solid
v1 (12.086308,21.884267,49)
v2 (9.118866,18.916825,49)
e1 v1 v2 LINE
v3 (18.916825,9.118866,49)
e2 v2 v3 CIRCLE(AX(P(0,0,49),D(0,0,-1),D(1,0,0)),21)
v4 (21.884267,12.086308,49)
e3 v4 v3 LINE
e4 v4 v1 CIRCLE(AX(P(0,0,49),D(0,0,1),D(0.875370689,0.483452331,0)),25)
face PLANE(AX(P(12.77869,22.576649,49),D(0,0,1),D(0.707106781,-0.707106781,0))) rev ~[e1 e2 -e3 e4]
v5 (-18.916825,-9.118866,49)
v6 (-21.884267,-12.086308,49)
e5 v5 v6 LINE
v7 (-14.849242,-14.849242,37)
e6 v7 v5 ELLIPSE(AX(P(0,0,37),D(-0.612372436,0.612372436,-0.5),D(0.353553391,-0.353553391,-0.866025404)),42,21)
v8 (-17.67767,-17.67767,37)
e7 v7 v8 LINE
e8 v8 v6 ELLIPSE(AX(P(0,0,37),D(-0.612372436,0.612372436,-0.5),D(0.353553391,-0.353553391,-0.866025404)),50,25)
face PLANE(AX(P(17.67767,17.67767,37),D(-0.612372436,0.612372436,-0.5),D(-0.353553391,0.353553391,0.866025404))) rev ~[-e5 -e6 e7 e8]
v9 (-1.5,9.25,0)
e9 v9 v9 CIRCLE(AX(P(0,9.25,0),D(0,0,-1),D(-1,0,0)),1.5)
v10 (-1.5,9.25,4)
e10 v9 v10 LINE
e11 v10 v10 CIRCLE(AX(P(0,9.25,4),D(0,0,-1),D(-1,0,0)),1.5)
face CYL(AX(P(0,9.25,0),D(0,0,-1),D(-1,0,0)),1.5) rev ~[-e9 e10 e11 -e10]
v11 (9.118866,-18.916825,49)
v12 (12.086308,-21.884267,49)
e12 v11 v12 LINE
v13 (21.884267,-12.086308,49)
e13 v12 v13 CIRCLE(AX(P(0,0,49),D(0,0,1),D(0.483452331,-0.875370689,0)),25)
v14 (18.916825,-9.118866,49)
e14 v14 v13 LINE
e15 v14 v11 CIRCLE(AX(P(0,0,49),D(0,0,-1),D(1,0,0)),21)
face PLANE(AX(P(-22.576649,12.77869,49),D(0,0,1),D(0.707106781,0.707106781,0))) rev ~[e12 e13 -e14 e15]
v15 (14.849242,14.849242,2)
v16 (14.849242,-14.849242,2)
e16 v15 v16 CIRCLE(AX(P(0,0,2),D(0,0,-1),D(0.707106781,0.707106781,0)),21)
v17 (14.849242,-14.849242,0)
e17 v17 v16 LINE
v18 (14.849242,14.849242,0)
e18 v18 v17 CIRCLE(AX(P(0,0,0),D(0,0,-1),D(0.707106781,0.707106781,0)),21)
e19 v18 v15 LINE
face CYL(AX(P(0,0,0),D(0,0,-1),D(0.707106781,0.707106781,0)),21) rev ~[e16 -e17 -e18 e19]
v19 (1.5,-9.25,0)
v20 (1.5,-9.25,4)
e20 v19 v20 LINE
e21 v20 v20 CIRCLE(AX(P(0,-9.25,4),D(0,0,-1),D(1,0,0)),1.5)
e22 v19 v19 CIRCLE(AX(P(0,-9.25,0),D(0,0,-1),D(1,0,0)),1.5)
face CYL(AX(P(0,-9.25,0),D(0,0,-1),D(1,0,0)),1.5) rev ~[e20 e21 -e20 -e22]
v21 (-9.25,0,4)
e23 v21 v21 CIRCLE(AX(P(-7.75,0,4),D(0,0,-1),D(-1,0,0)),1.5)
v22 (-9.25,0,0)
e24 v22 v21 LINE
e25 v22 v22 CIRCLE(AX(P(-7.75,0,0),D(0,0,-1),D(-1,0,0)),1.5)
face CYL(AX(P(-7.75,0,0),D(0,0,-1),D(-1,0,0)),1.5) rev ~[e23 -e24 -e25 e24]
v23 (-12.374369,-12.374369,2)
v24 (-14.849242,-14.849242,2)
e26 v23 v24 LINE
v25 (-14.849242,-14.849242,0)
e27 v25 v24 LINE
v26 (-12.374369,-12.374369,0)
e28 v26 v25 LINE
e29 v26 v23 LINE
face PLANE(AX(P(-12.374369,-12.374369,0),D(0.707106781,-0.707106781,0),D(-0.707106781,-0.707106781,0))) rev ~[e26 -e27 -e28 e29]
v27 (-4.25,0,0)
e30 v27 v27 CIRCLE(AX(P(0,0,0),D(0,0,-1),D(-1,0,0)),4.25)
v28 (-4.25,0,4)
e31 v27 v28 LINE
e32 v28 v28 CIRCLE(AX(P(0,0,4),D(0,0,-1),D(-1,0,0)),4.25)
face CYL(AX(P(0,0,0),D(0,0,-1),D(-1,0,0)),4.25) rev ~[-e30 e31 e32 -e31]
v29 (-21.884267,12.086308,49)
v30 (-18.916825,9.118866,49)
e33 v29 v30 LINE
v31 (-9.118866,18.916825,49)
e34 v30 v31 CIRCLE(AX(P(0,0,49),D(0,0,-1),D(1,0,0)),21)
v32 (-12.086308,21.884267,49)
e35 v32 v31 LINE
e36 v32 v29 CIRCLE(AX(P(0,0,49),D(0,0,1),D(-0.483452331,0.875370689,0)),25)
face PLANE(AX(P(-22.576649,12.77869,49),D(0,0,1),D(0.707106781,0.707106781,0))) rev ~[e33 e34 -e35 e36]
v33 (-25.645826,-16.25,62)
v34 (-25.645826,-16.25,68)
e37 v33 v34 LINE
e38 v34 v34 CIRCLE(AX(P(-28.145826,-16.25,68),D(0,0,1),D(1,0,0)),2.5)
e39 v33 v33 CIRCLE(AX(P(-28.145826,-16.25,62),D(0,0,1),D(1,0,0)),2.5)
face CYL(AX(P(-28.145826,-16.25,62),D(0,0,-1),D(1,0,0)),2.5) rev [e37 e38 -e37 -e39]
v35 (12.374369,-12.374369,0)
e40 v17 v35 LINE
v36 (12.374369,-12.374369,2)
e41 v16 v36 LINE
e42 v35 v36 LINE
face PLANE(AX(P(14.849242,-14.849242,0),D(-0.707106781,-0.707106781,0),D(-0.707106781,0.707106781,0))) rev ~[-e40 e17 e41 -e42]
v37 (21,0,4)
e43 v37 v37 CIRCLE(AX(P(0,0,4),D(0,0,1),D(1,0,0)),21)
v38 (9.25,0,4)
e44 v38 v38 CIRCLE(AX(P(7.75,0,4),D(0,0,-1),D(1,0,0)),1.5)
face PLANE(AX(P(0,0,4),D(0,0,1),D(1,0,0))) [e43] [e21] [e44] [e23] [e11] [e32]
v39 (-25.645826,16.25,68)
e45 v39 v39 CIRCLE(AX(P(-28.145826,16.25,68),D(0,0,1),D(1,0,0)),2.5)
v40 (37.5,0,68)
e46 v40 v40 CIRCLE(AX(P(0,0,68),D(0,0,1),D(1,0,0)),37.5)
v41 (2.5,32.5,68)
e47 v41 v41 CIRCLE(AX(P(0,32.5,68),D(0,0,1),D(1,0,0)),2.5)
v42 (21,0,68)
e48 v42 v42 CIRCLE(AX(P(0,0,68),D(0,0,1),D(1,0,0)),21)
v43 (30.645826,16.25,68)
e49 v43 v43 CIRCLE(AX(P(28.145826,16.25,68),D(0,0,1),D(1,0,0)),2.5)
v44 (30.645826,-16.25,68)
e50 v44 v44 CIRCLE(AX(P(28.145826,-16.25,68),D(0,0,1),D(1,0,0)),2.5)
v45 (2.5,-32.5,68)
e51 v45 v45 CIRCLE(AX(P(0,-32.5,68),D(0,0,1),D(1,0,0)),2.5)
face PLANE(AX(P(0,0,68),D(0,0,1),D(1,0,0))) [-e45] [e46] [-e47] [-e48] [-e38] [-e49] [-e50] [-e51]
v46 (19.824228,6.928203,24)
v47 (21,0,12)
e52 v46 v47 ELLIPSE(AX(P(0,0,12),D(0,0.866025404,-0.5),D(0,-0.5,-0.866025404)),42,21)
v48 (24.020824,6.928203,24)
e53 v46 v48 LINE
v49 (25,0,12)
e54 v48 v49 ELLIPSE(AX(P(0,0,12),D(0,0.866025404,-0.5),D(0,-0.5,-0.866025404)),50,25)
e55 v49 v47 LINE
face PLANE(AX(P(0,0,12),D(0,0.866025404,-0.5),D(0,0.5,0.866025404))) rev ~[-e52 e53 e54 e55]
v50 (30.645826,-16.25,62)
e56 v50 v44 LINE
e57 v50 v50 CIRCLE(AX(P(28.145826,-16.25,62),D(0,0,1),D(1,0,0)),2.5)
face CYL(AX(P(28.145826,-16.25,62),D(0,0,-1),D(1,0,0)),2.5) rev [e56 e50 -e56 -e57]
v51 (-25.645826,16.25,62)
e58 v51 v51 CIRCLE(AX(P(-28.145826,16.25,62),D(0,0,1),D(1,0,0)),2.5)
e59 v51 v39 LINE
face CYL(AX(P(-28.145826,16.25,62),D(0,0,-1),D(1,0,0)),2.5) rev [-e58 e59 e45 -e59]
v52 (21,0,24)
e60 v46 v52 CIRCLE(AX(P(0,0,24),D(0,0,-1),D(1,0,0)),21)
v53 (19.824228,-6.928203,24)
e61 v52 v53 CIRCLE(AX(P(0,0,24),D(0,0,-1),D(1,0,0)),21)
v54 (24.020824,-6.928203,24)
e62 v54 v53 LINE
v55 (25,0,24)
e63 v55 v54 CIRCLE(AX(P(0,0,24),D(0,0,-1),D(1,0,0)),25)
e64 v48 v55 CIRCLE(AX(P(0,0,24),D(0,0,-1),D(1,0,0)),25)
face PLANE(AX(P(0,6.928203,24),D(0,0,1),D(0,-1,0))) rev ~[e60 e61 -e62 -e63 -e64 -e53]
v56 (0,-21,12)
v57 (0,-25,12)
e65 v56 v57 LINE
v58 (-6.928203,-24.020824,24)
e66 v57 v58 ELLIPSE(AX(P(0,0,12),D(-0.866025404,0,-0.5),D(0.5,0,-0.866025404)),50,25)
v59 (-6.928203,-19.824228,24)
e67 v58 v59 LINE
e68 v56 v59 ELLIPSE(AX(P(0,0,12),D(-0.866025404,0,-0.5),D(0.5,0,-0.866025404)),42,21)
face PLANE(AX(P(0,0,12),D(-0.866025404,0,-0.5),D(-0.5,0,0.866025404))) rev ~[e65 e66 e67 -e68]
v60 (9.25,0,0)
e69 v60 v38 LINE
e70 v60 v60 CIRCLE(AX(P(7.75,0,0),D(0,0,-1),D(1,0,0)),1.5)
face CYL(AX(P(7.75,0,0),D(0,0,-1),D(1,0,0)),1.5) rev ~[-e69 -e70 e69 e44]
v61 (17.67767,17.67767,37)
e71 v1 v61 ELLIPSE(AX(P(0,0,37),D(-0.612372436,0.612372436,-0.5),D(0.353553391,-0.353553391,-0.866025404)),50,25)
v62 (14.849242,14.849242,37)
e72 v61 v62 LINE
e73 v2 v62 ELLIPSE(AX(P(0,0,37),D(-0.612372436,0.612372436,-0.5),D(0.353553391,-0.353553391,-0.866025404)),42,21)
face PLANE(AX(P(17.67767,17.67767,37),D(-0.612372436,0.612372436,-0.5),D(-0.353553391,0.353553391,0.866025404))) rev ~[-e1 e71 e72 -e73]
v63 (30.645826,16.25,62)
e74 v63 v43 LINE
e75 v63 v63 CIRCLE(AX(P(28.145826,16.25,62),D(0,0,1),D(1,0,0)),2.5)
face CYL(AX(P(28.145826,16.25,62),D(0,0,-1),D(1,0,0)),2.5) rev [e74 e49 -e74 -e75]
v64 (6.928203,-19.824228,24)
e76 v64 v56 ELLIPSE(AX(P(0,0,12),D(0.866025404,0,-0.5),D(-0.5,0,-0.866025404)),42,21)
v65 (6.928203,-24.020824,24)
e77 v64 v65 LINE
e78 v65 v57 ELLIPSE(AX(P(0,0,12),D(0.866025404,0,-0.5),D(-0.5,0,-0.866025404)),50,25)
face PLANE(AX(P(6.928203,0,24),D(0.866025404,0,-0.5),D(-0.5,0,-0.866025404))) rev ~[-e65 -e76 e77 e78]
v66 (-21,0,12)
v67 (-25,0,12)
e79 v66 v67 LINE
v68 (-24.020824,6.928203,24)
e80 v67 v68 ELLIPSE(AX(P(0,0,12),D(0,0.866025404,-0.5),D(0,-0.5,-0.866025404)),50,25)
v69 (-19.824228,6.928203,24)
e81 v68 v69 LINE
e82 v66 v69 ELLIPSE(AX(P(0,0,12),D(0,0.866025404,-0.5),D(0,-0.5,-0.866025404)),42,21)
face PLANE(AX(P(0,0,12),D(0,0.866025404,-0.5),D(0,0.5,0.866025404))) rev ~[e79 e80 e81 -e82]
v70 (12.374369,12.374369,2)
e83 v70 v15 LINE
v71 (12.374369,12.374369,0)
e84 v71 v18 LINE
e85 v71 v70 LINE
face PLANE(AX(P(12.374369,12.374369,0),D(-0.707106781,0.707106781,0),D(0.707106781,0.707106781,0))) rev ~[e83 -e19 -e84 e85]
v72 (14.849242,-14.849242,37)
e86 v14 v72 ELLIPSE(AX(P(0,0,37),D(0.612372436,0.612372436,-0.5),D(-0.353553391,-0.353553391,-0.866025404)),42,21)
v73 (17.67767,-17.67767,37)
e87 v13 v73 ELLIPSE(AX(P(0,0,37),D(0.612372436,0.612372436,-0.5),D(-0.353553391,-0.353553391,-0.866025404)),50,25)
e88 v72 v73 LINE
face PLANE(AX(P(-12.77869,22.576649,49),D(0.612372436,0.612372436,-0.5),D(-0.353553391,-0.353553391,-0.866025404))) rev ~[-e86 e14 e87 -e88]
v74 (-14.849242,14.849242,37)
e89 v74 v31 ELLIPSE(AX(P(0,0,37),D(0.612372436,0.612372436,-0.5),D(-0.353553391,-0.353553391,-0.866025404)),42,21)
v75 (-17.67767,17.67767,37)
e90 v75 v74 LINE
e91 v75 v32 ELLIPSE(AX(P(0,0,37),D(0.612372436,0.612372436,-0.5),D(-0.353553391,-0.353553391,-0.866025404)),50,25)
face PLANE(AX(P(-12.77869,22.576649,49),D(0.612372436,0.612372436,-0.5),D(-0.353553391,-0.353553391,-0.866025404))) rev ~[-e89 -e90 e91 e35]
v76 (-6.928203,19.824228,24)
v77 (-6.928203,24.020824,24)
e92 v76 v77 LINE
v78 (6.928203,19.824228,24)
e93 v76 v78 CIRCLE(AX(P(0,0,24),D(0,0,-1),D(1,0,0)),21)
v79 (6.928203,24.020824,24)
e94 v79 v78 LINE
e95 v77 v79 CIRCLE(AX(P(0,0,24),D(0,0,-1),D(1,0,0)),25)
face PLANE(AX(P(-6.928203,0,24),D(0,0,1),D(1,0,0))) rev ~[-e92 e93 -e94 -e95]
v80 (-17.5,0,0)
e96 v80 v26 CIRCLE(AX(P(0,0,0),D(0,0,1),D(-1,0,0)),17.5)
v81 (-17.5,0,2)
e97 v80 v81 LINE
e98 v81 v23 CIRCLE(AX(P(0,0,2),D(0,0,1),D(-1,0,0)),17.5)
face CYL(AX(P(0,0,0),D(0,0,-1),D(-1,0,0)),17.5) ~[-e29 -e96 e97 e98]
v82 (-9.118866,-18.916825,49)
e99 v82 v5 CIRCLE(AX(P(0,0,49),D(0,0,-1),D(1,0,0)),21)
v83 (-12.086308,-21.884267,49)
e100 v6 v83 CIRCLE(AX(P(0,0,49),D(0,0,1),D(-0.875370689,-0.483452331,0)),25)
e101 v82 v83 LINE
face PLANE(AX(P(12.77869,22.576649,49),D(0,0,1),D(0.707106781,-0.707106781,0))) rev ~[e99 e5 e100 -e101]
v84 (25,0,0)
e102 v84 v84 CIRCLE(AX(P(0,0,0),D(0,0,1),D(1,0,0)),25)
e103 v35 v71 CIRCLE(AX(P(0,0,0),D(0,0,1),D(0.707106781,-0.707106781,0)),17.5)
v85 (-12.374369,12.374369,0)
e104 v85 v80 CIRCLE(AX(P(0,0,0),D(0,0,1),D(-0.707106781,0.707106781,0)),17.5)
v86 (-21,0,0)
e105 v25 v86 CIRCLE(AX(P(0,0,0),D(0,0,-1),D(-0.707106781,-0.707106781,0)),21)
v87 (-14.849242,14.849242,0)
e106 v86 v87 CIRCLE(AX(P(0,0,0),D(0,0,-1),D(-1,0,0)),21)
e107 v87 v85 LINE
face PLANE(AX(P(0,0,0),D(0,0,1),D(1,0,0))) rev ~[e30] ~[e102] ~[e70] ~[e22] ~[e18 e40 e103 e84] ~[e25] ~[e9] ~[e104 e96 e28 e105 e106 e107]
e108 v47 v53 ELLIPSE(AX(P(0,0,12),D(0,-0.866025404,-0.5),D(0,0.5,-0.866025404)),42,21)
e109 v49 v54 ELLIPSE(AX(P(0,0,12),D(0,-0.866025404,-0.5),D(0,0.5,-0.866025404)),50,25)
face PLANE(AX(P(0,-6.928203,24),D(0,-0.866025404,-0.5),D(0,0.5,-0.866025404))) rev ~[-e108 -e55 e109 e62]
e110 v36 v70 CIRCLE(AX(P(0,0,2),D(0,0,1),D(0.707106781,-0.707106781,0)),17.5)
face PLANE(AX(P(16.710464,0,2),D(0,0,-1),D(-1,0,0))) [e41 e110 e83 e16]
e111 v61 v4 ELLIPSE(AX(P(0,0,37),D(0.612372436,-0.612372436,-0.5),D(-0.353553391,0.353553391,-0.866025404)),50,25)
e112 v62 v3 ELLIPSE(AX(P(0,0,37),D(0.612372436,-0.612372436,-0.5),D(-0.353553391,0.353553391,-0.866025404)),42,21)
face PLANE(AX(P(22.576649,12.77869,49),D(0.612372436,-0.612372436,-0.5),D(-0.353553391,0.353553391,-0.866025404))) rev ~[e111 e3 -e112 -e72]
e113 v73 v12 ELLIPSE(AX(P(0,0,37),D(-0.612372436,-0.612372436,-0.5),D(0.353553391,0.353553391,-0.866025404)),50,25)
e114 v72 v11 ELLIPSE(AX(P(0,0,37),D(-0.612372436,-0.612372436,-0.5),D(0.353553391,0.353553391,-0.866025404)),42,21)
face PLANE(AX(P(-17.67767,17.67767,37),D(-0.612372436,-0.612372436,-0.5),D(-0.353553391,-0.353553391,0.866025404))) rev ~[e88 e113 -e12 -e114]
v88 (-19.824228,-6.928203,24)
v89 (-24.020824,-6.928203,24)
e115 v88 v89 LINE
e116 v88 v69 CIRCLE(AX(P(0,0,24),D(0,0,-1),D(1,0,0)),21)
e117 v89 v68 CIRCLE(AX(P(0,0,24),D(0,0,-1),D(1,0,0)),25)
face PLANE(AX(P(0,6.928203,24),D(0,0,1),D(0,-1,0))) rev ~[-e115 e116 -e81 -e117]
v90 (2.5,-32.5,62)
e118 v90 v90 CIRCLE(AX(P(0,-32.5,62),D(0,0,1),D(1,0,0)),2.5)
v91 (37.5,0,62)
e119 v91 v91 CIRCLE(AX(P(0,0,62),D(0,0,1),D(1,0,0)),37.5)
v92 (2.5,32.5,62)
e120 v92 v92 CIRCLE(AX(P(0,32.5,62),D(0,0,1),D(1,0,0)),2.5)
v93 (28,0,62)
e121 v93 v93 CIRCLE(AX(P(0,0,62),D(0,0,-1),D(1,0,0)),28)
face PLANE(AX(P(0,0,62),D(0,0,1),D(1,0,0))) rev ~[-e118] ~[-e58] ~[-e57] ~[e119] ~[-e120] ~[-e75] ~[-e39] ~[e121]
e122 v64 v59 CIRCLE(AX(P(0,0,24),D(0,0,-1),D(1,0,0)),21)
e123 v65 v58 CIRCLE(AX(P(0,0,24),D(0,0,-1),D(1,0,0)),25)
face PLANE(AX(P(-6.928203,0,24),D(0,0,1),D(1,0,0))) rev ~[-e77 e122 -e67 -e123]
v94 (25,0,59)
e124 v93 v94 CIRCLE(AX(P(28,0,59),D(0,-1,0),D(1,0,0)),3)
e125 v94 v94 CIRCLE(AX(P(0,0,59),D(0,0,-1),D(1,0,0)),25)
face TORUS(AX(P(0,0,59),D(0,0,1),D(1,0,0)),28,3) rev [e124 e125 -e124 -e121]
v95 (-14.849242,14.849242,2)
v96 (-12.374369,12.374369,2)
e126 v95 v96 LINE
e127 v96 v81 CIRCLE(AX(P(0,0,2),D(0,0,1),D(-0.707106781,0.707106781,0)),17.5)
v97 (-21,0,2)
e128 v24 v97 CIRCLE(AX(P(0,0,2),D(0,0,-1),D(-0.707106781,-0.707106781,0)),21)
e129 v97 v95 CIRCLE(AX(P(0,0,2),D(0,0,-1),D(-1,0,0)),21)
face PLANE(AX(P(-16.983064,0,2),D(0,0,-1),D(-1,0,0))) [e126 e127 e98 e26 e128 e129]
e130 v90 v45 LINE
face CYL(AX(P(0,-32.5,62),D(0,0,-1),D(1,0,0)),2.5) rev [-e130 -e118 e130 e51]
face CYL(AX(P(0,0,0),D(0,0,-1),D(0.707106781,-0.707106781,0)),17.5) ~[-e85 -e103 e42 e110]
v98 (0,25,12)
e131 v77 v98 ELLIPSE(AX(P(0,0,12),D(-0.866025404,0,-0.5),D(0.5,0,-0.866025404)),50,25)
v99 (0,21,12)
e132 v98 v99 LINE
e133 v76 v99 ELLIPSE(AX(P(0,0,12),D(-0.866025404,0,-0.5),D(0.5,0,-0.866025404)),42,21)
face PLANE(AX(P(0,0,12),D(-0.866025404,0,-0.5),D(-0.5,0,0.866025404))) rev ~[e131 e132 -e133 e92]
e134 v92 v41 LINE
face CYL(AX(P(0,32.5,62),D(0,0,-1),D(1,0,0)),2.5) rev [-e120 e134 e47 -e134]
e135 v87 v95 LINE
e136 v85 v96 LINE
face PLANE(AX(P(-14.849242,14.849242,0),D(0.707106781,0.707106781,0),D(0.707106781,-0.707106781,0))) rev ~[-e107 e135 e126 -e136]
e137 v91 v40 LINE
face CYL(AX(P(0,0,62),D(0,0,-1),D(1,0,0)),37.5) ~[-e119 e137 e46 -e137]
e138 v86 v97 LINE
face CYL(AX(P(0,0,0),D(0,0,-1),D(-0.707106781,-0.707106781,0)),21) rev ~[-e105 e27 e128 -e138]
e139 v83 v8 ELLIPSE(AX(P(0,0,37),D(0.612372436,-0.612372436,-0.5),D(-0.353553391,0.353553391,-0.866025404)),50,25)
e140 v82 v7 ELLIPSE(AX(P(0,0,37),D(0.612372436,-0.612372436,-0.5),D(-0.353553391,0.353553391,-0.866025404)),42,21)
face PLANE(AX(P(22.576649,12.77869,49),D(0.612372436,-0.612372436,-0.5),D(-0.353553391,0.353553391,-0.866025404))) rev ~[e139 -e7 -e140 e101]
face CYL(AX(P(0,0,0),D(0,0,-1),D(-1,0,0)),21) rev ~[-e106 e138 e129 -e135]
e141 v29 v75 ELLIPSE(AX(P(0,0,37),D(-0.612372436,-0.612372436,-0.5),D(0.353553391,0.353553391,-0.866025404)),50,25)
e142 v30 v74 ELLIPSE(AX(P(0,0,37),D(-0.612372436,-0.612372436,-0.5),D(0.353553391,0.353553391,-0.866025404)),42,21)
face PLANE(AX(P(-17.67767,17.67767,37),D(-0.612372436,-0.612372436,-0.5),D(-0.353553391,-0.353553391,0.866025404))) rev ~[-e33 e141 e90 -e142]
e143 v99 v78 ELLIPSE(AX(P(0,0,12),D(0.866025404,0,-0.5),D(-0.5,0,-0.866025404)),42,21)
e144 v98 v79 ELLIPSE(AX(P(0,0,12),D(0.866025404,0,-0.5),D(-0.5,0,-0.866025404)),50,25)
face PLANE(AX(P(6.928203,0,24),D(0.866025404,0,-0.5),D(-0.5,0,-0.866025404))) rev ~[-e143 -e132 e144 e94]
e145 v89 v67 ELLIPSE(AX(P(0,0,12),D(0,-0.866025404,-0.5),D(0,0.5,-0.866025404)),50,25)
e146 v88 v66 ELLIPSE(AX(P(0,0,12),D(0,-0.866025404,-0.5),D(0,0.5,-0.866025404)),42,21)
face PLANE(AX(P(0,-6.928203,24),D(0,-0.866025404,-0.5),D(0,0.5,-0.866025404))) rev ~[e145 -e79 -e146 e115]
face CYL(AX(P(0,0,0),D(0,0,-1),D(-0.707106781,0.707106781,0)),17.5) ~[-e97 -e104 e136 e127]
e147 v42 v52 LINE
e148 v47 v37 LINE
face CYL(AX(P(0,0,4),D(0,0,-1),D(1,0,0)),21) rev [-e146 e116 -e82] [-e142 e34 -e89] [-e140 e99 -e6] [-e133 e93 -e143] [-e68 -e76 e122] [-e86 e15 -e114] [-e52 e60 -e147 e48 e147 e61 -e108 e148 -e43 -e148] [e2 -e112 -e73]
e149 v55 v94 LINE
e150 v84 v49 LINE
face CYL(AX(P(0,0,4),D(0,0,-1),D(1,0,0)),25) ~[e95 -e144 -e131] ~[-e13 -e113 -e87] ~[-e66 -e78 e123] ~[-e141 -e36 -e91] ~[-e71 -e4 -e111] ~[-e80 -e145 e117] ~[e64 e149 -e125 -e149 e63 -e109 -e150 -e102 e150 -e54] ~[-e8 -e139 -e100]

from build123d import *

# Parameters (mm, degrees)
SKETCH_1_R               = 25
EXTRUDE_1_DEPTH          = 4
SKETCH_2_R               = 25
SKETCH_2_R_2             = 21
EXTRUDE_2_DEPTH          = 64
EXTRUDE_START            = -6
SKETCH_3_R               = 37.5
SKETCH_3_R_2             = 21
SKETCH_3_R_3             = 2.5
EXTRUDE_3_DEPTH          = 6
FILLET_1_R               = 3
SKETCH_4_R               = 4.25
SKETCH_4_R_2             = 1.5
CUT_EXTRUDE_1_DEPTH      = 5
CUT_EXTRUDE_2_DEPTH      = 50
PATTERN_CIRCULAR_2_COUNT = 4
CUT_EXTRUDE_3_DEPTH      = 100
PATTERN_CIRCULAR_3_COUNT = 4
CUT_EXTRUDE_4_DEPTH      = 2


with BuildPart() as part:
    # 草图1 → 凸台-拉伸1 (new body)
    with BuildSketch(Plane.XY):
        Circle(SKETCH_1_R)
    extrude(amount=EXTRUDE_1_DEPTH)

    # 草图2 → 凸台-拉伸2 (add)
    with BuildSketch(Plane.XY.offset(4)):
        Circle(SKETCH_2_R)
        Circle(SKETCH_2_R_2, mode=Mode.SUBTRACT)
    extrude(amount=EXTRUDE_2_DEPTH)

    # 草图3 → 凸台-拉伸3 (add)
    with BuildSketch(Plane.XY.offset(68).offset(EXTRUDE_START)):
        Circle(SKETCH_3_R)
        Circle(SKETCH_3_R_2, mode=Mode.SUBTRACT)
        with Locations((0, 32.5)):
            Circle(SKETCH_3_R_3, mode=Mode.SUBTRACT)
        with Locations((28.145825623, 16.25)):
            Circle(SKETCH_3_R_3, mode=Mode.SUBTRACT)
        with Locations((28.145825623, -16.25)):
            Circle(SKETCH_3_R_3, mode=Mode.SUBTRACT)
        with Locations((0, -32.5)):
            Circle(SKETCH_3_R_3, mode=Mode.SUBTRACT)
        with Locations((-28.145825623, -16.25)):
            Circle(SKETCH_3_R_3, mode=Mode.SUBTRACT)
        with Locations((-28.145825623, 16.25)):
            Circle(SKETCH_3_R_3, mode=Mode.SUBTRACT)
    extrude(amount=EXTRUDE_3_DEPTH)

    # 圆角1
    fillet_1_edges = [part.edges().sort_by_distance(p)[0] for p in [
        (-25, 0, 62),
    ]]
    fillet(fillet_1_edges, radius=FILLET_1_R)

    # 草图4 → 切除-拉伸1 (cut)
    with BuildSketch(Plane(origin=(0, 0, 0), x_dir=(-1, 0, 0), z_dir=(0, 0, -1))):
        Circle(SKETCH_4_R)
        with Locations((0, 9.25)):
            Circle(SKETCH_4_R_2)
        with Locations((7.75, 0)):
            Circle(SKETCH_4_R_2)
        with Locations(Location((0, -9.25, 0), (0, 0, 180))):
            Circle(SKETCH_4_R_2)
        with Locations(Location((-7.75, 0, 0), (0, 0, 180))):
            Circle(SKETCH_4_R_2)
    extrude(amount=-CUT_EXTRUDE_1_DEPTH, mode=Mode.SUBTRACT)

    # 草图5 → 切除-拉伸2 (cut, symmetric)
    with BuildSketch(Plane(origin=(0, 0, 0), x_dir=(0, 0, -1), z_dir=(1, 0, 0))):
        Polygon((-12, 0), (-24, 6.92820323), (-24, -6.92820323), align=None)
    cut_extrude_2 = extrude(amount=CUT_EXTRUDE_2_DEPTH, both=True, mode=Mode.SUBTRACT)

    # 阵列(圆周)2: 切除-拉伸2 ×4 about axis
    pattern_circular_2_axis = Axis((0, 0, 0), (0, 0, 1))
    for i in range(1, PATTERN_CIRCULAR_2_COUNT):
        add(cut_extrude_2.rotate(pattern_circular_2_axis, i * 360 / PATTERN_CIRCULAR_2_COUNT), mode=Mode.SUBTRACT)

    # 草图7 → 切除-拉伸3 (cut)
    with BuildSketch(Plane(origin=(17.67766953, 17.67766953, 0), x_dir=(0.7071067811865487, -0.7071067811865465, 0), z_dir=(0.7071067811865465, 0.7071067811865487, 0))):
        Polygon((0, -37), (-6.92820323, -49), (6.92820323, -49), align=None)
    cut_extrude_3 = extrude(amount=-CUT_EXTRUDE_3_DEPTH, mode=Mode.SUBTRACT)

    # 阵列(圆周)3: 切除-拉伸3 ×4 about axis
    pattern_circular_3_axis = Axis((0, 0, 0), (0, 0, 1))
    for i in range(1, PATTERN_CIRCULAR_3_COUNT):
        add(cut_extrude_3.rotate(pattern_circular_3_axis, i * 360 / PATTERN_CIRCULAR_3_COUNT), mode=Mode.SUBTRACT)

    # 草图8 → 切除-拉伸4 (cut)
    with BuildSketch(Plane(origin=(0, 0, 0), x_dir=(-1, 0, 0), z_dir=(0, 0, -1))):
        with BuildLine():
            ThreePointArc((-12.374368671, -12.374368671), (-17.5, 0), (-12.374368671, 12.374368671))
            Line((-12.374368671, 12.374368671), (-14.849242405, 14.849242405))
            ThreePointArc((-14.849242405, 14.849242405), (-21, 0), (-14.849242405, -14.849242405))
            Line((-14.849242405, -14.849242405), (-12.374368671, -12.374368671))
        make_face()
        with BuildLine():
            Line((14.849242405, 14.849242405), (12.374368671, 12.374368671))
            ThreePointArc((12.374368671, 12.374368671), (16.167891819, 6.696960066), (17.5, 0))
            ThreePointArc((17.5, 0), (16.167891819, -6.696960066), (12.374368671, -12.374368671))
            Line((12.374368671, -12.374368671), (14.849242405, -14.849242405))
            ThreePointArc((14.849242405, -14.849242405), (19.401470183, -8.03635208), (21, 0))
            ThreePointArc((21, 0), (19.401470183, 8.03635208), (14.849242405, 14.849242405))
        make_face()
    extrude(amount=-CUT_EXTRUDE_4_DEPTH, mode=Mode.SUBTRACT)


solid = part.part
